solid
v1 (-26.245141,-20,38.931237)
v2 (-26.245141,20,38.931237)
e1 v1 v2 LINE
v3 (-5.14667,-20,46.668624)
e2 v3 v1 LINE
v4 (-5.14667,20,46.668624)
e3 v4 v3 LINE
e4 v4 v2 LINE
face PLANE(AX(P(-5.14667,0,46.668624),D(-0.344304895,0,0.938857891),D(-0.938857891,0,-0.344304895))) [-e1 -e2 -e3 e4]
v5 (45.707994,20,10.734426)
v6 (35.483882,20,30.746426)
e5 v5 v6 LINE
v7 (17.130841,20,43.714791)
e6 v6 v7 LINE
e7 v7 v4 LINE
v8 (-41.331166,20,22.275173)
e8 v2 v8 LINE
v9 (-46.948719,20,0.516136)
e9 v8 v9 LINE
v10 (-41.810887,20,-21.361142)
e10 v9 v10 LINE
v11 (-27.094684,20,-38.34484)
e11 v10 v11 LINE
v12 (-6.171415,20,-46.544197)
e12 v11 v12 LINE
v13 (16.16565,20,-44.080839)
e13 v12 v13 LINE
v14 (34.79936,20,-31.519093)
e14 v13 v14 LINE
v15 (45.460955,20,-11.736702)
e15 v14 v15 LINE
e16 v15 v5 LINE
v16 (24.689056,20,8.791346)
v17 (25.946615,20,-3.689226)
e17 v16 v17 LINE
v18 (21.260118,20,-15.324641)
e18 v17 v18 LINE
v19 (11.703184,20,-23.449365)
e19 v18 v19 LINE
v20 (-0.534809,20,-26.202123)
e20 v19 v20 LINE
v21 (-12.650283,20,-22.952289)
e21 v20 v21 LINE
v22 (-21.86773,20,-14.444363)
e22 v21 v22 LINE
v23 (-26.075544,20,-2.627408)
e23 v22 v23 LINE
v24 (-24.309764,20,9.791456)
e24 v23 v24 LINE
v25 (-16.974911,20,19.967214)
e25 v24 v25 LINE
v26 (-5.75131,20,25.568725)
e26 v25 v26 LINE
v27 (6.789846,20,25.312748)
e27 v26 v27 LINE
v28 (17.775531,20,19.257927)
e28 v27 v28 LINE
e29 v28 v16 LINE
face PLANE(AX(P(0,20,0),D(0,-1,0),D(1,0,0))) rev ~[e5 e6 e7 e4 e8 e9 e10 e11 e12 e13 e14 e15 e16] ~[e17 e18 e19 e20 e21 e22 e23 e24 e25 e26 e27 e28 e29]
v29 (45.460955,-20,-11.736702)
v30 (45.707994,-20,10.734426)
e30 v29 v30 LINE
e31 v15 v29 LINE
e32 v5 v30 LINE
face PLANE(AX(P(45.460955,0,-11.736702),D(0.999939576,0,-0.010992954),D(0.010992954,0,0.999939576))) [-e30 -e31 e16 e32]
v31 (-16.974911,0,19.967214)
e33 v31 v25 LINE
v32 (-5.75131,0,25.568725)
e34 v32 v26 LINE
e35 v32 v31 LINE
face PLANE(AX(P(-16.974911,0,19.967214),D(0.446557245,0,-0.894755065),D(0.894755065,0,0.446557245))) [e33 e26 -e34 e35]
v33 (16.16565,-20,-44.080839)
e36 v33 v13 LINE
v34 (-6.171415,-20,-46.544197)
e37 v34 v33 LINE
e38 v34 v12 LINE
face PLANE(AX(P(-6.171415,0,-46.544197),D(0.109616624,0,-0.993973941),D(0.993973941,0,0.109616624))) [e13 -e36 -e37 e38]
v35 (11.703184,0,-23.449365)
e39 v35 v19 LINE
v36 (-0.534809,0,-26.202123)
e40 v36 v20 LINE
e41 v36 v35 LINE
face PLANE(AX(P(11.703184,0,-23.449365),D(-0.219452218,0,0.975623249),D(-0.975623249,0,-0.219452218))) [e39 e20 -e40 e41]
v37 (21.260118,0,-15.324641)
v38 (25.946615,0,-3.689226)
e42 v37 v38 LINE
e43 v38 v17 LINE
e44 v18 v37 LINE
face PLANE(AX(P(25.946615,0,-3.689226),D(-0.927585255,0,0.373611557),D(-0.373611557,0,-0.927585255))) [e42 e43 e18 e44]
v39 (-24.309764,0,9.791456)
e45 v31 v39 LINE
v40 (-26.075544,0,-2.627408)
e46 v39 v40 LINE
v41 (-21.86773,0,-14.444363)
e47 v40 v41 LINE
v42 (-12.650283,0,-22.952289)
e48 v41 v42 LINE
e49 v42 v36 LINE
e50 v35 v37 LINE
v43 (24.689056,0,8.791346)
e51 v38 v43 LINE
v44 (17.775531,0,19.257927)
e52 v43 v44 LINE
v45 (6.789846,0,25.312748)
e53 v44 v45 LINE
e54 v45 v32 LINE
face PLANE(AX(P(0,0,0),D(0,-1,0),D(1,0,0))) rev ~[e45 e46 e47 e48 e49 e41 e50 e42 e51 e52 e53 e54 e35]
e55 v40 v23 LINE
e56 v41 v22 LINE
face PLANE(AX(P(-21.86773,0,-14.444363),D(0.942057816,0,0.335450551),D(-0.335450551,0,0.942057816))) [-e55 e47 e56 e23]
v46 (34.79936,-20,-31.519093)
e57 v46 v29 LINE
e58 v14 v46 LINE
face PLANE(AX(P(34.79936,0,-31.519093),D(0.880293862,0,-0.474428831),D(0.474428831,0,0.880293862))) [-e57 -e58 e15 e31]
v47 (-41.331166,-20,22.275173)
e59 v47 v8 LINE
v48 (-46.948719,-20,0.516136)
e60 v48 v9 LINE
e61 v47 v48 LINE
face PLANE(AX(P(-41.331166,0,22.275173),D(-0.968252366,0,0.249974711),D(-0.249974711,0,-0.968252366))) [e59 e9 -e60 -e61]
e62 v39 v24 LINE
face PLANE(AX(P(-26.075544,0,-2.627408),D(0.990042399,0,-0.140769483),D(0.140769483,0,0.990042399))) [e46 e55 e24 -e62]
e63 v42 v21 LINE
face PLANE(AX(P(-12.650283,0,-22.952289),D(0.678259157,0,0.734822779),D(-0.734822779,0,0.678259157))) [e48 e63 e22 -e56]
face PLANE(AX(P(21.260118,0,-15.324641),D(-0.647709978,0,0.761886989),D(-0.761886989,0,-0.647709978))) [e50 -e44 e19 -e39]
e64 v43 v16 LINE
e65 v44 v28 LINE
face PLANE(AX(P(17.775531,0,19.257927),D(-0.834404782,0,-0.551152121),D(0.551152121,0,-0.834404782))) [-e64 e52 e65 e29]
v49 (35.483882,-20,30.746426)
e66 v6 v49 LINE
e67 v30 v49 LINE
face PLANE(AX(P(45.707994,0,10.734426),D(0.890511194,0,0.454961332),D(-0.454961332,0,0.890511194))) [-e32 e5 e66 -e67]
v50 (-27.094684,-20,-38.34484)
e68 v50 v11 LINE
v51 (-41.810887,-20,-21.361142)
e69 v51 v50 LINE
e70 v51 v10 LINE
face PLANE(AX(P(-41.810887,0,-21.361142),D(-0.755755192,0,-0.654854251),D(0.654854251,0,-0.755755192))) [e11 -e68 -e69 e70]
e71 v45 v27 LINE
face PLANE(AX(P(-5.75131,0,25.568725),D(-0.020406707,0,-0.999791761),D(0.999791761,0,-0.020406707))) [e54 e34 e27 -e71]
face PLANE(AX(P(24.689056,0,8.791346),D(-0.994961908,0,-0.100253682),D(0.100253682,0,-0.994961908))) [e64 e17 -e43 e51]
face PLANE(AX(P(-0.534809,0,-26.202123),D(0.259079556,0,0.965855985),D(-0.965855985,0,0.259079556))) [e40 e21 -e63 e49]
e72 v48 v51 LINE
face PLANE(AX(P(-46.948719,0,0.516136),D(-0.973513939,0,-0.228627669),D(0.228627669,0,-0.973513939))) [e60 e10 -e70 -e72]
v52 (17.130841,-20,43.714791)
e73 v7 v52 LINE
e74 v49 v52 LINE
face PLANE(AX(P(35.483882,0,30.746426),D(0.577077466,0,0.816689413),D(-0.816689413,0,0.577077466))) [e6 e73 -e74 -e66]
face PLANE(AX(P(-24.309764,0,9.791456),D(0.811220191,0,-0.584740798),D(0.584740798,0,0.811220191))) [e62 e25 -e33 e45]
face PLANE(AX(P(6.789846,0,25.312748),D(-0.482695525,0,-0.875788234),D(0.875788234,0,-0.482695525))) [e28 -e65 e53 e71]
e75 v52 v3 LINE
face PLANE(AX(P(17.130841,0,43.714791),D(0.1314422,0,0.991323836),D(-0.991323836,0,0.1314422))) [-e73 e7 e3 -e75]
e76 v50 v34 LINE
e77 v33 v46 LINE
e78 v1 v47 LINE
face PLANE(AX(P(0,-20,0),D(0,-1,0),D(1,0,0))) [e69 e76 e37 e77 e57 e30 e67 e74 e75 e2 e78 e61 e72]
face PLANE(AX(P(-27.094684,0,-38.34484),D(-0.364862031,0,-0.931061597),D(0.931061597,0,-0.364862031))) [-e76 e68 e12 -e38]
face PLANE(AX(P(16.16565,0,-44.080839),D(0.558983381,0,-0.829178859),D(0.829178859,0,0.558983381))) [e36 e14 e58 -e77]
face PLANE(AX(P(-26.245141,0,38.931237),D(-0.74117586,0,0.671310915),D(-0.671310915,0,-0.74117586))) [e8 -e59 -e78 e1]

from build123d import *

# Parameters (mm, degrees)
F1_DEPTH = 20
F2_DEPTH = 20


with BuildPart() as f1:
    # F0 (on Front) → F1 (new body, symmetric)
    with BuildSketch(Plane.XZ):
        Polygon((16.16565, -44.080839), (34.79936, -31.519093), (45.460955, -11.736702), (45.707994, 10.734426), (35.483882, 30.746426), (17.130841, 43.714791), (-5.14667, 46.668624), (-26.245141, 38.931237), (-41.331166, 22.275173), (-46.948719, 0.516136), (-41.810887, -21.361142), (-27.094684, -38.34484), (-6.171415, -46.544197), align=None)
        Polygon((21.260118, -15.324641), (11.703184, -23.449365), (-0.534809, -26.202123), (-12.650283, -22.952289), (-21.86773, -14.444363), (-26.075544, -2.627408), (-24.309764, 9.791456), (-16.974911, 19.967214), (-5.75131, 25.568725), (6.789846, 25.312748), (17.775531, 19.257927), (24.689056, 8.791346), (25.946615, -3.689226), align=None, mode=Mode.SUBTRACT)
    extrude(amount=F1_DEPTH, both=True)

    # F0 (on Front) → F2 (join)
    with BuildSketch(Plane.XZ):
        Polygon((-0.534809, -26.202123), (11.703184, -23.449365), (21.260118, -15.324641), (25.946615, -3.689226), (24.689056, 8.791346), (17.775531, 19.257927), (6.789846, 25.312748), (-5.75131, 25.568725), (-16.974911, 19.967214), (-24.309764, 9.791456), (-26.075544, -2.627408), (-21.86773, -14.444363), (-12.650283, -22.952289), align=None)
    extrude(amount=F2_DEPTH)


solid = f1.part
